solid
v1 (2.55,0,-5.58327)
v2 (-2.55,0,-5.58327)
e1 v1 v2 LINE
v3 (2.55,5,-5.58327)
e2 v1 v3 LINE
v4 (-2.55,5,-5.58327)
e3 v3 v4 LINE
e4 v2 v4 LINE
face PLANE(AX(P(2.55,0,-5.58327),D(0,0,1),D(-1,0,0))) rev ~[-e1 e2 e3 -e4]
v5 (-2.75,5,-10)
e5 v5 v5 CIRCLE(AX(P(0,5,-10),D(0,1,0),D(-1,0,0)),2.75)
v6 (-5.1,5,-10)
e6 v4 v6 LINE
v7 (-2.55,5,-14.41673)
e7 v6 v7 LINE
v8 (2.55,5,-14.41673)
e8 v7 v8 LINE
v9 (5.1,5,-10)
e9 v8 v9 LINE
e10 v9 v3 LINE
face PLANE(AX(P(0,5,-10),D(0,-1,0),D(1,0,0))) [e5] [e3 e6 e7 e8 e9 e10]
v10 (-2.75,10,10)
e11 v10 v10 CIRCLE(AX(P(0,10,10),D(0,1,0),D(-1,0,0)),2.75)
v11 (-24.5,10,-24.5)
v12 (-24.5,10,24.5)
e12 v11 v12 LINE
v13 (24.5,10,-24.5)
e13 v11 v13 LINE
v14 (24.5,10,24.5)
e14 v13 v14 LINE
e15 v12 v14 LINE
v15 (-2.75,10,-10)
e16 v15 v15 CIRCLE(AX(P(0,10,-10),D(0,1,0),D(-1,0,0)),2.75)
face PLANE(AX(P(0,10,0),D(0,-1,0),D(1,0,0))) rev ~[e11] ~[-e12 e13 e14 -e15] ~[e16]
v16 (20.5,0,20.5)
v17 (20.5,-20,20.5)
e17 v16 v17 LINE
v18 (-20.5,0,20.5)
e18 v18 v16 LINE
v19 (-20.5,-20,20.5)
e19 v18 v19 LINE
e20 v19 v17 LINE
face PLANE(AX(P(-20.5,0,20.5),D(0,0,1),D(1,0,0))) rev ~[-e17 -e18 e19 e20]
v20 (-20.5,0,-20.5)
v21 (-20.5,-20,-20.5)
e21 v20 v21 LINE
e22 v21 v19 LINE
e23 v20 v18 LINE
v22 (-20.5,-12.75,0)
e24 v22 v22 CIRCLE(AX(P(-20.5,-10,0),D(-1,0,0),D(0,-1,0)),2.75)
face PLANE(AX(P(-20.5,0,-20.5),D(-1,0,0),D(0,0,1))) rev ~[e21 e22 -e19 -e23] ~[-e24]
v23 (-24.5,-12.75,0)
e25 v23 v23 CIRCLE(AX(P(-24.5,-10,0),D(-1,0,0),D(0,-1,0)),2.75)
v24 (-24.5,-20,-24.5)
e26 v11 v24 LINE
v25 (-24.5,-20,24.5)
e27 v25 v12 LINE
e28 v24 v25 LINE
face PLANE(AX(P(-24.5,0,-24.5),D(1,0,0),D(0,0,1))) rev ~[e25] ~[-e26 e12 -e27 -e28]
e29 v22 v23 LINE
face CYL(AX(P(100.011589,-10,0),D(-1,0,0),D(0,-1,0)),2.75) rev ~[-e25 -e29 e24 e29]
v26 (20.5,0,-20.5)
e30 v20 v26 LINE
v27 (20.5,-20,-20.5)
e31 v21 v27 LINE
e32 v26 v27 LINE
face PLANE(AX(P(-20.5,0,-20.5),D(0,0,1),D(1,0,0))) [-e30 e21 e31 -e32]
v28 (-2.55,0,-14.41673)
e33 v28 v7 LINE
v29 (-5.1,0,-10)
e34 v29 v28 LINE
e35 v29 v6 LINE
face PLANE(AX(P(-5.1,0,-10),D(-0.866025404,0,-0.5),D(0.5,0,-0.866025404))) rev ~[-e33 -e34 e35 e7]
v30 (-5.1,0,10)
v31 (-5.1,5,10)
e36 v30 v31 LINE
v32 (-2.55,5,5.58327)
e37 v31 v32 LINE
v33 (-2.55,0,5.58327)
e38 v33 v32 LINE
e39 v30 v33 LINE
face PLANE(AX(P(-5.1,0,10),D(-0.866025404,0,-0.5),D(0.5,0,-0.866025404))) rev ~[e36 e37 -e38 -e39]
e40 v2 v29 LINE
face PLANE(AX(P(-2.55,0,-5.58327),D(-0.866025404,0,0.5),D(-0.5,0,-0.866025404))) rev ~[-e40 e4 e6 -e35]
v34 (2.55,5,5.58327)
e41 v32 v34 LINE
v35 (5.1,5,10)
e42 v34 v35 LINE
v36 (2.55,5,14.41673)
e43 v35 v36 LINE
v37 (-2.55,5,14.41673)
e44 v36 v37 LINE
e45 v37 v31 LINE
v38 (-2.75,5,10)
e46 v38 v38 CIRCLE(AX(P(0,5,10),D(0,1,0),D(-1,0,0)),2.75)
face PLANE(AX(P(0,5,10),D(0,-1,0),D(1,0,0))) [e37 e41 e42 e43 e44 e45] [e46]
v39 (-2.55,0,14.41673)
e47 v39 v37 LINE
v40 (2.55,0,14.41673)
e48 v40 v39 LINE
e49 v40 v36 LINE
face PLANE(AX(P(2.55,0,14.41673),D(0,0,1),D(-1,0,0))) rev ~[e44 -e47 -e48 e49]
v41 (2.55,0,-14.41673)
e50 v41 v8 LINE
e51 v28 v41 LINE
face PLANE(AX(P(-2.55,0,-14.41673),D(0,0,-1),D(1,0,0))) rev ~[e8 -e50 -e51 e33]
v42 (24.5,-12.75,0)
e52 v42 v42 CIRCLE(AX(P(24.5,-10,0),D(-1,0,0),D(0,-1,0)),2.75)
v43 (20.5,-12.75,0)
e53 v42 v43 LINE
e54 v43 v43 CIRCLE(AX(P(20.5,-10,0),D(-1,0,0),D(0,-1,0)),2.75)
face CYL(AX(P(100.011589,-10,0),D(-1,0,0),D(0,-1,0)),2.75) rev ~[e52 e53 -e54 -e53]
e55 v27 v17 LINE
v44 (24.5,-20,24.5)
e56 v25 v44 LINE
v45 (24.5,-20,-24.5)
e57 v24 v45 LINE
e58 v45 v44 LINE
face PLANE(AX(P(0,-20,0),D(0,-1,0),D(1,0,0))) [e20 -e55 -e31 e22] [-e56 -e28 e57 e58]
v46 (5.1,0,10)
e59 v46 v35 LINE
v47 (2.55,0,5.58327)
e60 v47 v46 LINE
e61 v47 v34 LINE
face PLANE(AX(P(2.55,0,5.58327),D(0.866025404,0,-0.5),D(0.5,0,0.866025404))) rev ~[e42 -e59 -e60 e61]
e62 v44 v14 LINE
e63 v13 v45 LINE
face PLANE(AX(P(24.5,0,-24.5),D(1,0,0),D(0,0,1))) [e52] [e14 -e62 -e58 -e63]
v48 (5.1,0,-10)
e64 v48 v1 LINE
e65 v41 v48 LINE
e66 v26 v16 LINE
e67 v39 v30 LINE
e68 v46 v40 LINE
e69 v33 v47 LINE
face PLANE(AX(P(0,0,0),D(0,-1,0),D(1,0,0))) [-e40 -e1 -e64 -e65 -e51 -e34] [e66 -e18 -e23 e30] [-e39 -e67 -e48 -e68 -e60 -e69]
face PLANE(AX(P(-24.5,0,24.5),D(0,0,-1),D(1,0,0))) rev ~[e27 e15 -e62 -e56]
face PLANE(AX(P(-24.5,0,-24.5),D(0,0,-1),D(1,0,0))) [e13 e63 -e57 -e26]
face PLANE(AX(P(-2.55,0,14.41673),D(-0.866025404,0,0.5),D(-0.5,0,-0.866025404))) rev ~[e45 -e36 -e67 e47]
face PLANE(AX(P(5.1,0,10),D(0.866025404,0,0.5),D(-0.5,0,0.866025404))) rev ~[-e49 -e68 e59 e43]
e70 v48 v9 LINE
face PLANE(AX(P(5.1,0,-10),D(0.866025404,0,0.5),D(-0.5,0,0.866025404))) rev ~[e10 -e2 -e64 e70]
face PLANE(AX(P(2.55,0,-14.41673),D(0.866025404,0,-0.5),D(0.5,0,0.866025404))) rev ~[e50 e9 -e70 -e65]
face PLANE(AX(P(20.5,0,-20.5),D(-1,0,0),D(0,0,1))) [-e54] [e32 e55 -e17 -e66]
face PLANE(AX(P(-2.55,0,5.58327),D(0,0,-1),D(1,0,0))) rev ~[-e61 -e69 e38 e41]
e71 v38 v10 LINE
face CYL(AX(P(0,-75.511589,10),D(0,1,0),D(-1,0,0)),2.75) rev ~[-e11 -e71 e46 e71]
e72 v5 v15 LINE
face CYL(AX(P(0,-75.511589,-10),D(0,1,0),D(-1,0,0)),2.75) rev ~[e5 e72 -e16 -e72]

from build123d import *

# Parameters (mm, degrees)
F0_W     = 49
F0_H     = 49
F0_W_2   = 41
F0_H_2   = 41
F1_DEPTH = 20
F2_DEPTH = 10
F3_D     = 5.5
F5_D     = 5.5
F7_DEPTH = 5


with BuildPart() as f1:
    # F0 (on Front) → F1 (new body)
    with BuildSketch(Plane.XZ):
        Rectangle(F0_W, F0_H)
        Rectangle(F0_W_2, F0_H_2, mode=Mode.SUBTRACT)
    extrude(amount=F1_DEPTH)

    # F0 (on Front) → F2 (join)
    with BuildSketch(Plane.XZ):
        Rectangle(F0_W, F0_H)
        Rectangle(F0_W_2, F0_H_2, mode=Mode.SUBTRACT)
        Rectangle(F0_W_2, F0_H_2)
    extrude(amount=-F2_DEPTH)

    # F3 (through all)
    with Locations(Plane.XZ):
        with Locations((0, 10), (0, -10)):
            Hole(F3_D / 2)

    # F5 (through all)
    with Locations(Plane.YZ.offset(24.5)):
        with Locations((-10, 0)):
            Hole(F5_D / 2)


with BuildPart() as f7:
    # F6 (on face) → F7 (new body)
    with BuildSketch(Plane.XZ):
        Polygon((5.1, 10), (2.55, 14.4167295593), (-2.55, 14.4167295593), (-5.1, 10), (-2.55, 5.5832704407), (2.55, 5.5832704407), align=None)
    extrude(amount=-F7_DEPTH)


with BuildPart() as f7b:
    # F6 (on face) → F7, piece 2 (new body)
    with BuildSketch(Plane.XZ):
        Polygon((5.1, -10), (2.55, -5.5832704407), (-2.55, -5.5832704407), (-5.1, -10), (-2.55, -14.4167295593), (2.55, -14.4167295593), align=None)
    extrude(amount=-F7_DEPTH)


with BuildPart() as f1_1:
    add(f1.part)

    # F8: cut F7, F7b
    add(f7.part, mode=Mode.SUBTRACT)
    add(f7b.part, mode=Mode.SUBTRACT)


solid = f1_1.part
